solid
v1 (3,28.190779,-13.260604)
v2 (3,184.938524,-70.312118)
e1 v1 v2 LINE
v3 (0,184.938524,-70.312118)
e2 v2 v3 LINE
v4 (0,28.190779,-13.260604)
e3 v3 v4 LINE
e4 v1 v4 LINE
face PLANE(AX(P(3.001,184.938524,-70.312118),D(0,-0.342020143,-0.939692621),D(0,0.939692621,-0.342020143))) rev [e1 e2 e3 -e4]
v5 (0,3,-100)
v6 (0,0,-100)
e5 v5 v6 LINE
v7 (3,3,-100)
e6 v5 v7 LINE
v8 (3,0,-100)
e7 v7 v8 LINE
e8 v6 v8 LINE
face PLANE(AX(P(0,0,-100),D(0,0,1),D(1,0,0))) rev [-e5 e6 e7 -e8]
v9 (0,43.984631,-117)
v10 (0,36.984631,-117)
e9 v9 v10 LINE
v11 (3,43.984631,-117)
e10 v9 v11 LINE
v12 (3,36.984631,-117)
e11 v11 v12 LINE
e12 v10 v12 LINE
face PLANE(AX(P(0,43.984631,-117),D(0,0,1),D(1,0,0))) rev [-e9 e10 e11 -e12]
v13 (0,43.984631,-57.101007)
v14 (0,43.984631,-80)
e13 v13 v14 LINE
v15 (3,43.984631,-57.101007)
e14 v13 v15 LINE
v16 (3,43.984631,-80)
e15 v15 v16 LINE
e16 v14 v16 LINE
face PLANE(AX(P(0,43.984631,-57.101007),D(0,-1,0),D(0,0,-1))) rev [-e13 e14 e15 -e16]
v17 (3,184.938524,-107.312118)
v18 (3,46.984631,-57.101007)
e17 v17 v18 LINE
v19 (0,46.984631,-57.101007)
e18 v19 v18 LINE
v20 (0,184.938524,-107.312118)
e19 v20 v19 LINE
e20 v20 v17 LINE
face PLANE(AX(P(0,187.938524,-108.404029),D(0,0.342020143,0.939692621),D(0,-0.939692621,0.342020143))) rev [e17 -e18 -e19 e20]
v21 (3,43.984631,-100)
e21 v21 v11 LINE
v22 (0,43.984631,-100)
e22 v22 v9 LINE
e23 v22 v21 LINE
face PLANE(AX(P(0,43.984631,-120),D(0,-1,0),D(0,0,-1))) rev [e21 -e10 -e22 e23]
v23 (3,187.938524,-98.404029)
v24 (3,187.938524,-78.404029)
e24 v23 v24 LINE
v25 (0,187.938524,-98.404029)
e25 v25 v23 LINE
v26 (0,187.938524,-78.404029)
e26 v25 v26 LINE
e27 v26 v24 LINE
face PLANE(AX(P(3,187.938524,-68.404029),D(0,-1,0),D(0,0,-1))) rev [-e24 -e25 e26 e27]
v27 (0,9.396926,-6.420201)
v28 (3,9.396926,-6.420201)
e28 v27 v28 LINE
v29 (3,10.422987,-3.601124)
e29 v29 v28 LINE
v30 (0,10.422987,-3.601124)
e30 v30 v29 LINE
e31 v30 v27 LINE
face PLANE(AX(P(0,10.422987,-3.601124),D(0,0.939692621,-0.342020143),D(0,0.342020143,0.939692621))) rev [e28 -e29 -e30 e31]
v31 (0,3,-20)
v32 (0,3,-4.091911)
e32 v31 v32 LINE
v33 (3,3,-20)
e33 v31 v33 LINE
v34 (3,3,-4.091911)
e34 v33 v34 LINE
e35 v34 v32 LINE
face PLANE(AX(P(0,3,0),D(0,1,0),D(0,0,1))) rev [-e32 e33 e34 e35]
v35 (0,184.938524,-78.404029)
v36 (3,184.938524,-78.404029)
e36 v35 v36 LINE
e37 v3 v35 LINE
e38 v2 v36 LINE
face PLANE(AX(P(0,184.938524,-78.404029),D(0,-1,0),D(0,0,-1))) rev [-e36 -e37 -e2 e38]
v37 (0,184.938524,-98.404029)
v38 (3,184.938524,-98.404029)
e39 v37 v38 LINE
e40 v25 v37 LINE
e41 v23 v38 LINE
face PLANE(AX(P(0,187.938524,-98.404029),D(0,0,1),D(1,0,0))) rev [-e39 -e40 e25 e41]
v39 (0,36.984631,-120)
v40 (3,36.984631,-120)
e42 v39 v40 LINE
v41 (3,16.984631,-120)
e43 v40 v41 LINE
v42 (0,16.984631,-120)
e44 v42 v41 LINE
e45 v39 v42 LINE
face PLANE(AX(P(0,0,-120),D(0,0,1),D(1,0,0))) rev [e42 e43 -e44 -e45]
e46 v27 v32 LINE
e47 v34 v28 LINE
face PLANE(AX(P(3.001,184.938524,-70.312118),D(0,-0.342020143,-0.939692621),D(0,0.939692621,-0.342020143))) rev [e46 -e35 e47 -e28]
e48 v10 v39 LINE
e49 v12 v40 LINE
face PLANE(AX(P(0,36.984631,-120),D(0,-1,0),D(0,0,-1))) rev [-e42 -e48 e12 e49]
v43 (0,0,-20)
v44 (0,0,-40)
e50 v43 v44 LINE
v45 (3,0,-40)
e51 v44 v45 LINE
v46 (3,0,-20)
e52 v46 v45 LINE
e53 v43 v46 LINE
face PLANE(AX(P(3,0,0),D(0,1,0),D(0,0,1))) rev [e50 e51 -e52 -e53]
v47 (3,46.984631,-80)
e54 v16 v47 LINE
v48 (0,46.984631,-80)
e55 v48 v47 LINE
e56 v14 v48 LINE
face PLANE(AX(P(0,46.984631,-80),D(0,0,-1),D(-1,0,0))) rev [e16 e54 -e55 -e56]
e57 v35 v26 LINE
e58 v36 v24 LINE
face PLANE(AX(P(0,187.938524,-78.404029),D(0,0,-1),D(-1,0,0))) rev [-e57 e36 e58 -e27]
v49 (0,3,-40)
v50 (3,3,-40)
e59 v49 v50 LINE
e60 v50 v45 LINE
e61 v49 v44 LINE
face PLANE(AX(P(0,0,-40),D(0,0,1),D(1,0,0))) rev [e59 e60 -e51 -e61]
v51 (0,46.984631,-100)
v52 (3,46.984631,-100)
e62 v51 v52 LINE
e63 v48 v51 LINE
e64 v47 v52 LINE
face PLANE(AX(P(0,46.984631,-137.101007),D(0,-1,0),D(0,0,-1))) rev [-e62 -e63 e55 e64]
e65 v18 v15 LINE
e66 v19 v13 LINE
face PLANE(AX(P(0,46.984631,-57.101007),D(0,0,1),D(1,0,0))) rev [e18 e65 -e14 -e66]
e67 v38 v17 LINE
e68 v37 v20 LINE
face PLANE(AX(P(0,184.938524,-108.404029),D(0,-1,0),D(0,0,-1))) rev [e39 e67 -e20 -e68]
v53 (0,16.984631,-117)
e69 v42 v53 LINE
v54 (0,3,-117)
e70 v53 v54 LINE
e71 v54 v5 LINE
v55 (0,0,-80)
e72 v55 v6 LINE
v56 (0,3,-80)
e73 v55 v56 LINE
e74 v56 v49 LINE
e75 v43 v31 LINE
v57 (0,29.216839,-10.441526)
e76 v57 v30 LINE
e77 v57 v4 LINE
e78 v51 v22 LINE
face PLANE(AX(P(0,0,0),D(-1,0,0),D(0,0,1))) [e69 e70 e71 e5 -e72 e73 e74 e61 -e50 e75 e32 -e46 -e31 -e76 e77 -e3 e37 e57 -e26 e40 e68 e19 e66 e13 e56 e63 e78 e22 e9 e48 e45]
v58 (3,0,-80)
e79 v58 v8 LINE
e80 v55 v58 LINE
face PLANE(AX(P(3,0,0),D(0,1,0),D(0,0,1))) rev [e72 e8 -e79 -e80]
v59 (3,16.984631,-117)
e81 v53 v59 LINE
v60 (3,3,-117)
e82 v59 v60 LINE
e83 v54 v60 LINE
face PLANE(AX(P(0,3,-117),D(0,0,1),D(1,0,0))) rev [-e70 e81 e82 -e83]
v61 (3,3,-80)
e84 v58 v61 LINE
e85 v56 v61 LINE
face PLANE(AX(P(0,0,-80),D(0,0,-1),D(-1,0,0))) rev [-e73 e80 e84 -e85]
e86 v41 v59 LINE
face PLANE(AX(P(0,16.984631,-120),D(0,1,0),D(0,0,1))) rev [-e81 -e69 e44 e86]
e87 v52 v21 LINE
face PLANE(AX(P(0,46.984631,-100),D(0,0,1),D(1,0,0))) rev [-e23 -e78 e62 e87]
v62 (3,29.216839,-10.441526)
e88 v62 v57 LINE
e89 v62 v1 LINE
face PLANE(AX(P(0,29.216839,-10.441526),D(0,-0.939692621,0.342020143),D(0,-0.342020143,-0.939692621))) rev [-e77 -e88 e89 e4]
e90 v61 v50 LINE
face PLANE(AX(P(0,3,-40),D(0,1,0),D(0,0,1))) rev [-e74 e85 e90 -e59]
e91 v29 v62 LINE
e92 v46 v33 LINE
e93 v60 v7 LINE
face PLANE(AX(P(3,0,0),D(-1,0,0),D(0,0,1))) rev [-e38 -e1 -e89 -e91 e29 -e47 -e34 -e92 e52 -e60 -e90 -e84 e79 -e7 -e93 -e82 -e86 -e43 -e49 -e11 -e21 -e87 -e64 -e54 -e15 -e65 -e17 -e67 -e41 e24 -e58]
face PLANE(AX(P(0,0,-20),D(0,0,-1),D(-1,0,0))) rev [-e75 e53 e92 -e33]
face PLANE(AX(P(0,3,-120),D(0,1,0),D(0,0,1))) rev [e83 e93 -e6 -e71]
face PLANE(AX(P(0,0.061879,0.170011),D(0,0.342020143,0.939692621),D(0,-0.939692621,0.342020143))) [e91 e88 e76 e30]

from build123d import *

# Parameters (mm, degrees)
BOSS_EXTRUDE1_DEPTH = 3
CUT_EXTRUDE1_DEPTH  = 267.131484195
SKETCH3_W           = 29.976768642
SKETCH3_H           = 52.268511193
CUT_EXTRUDE2_DEPTH  = 233.651187464
SKETCH5_W           = 11.091910703
SKETCH5_H           = 3
SKETCH5_W_2         = 10
CUT_EXTRUDE4_DEPTH  = 224.001992956
SKETCH6_W           = 20
SKETCH6_H           = 3
CUT_EXTRUDE5_DEPTH  = 224.001992956
SKETCH7_W           = 40
SKETCH7_H           = 3
CUT_EXTRUDE6_DEPTH  = 224.001992956
SKETCH8_W           = 20
SKETCH8_H           = 3
SKETCH8_W_2         = 22.898992834
CUT_EXTRUDE7_DEPTH  = 224.001992956
SKETCH10_W          = 3
SKETCH10_H          = 7
SKETCH10_H_2        = 13.984631039
CUT_EXTRUDE9_DEPTH  = 224.001992956
CUT_EXTRUDE10_REACH = 225.002
SKETCH12_W          = 3
SKETCH12_H          = 20
BOSS_EXTRUDE2_DEPTH = 3


with BuildPart() as part:
    # Sketch1 → Boss-Extrude1 (new body)
    with BuildSketch(Plane(origin=(0, 0, 0), x_dir=(0, 0, -1), z_dir=(1, 0, 0))):
        Polygon((0, 0), (120, 0), (188.404028665, 187.938524157), (68.404028665, 187.938524157), align=None)
    extrude(amount=BOSS_EXTRUDE1_DEPTH)

    # Sketch2 → Cut-Extrude1 (cut, through all)
    with BuildSketch(Plane(origin=(3, 0, 0), x_dir=(0, 0, -1), z_dir=(1, 0, 0))):
        Polygon((188.404028665, 187.938524157), (137.101007166, 46.984631039), (57.101007166, 46.984631039), (108.404028665, 187.938524157), align=None)
    extrude(amount=-CUT_EXTRUDE1_DEPTH, mode=Mode.SUBTRACT)

    # Sketch3 → Cut-Extrude2 (cut, through all)
    with BuildSketch(Plane(origin=(3, 0, 0), x_dir=(0, 0, -1), z_dir=(1, 0, 0))):
        with Locations((134.988384321, 26.134255597)):
            Rectangle(SKETCH3_W, SKETCH3_H)
    extrude(amount=-CUT_EXTRUDE2_DEPTH, mode=Mode.SUBTRACT)

    # Sketch5 → Cut-Extrude4 (cut, through all)
    with BuildSketch(Plane(origin=(3, 0, 0), x_dir=(0, 0, -1), z_dir=(1, 0, 0))):
        with Locations((72.858073314, 186.438524157)):
            Rectangle(SKETCH5_W, SKETCH5_H)
        with Locations((103.404028665, 186.438524157)):
            Rectangle(SKETCH5_W_2, SKETCH5_H)
    extrude(amount=-CUT_EXTRUDE4_DEPTH, mode=Mode.SUBTRACT)

    # Sketch6 → Cut-Extrude5 (cut, through all)
    with BuildSketch(Plane(origin=(3, 0, 0), x_dir=(0, 0, -1), z_dir=(1, 0, 0))):
        with Locations((110, 1.5)):
            Rectangle(SKETCH6_W, SKETCH6_H)
        with Locations((10, 1.5)):
            Rectangle(SKETCH6_W, SKETCH6_H)
    extrude(amount=-CUT_EXTRUDE5_DEPTH, mode=Mode.SUBTRACT)

    # Sketch7 → Cut-Extrude6 (cut, through all)
    with BuildSketch(Plane(origin=(3, 0, 0), x_dir=(0, 0, -1), z_dir=(1, 0, 0))):
        with Locations((60, 1.5)):
            Rectangle(SKETCH7_W, SKETCH7_H)
    extrude(amount=-CUT_EXTRUDE6_DEPTH, mode=Mode.SUBTRACT)

    # Sketch8 → Cut-Extrude7 (cut, through all)
    with BuildSketch(Plane(origin=(3, 0, 0), x_dir=(0, 0, -1), z_dir=(1, 0, 0))):
        with Locations((110, 45.484631039)):
            Rectangle(SKETCH8_W, SKETCH8_H)
        with Locations((68.550503583, 45.484631039)):
            Rectangle(SKETCH8_W_2, SKETCH8_H)
    extrude(amount=-CUT_EXTRUDE7_DEPTH, mode=Mode.SUBTRACT)

    # Sketch10 → Cut-Extrude9 (cut, through all)
    with BuildSketch(Plane(origin=(3, 0, 0), x_dir=(0, 0, -1), z_dir=(1, 0, 0))):
        with Locations((118.5, 40.484631039)):
            Rectangle(SKETCH10_W, SKETCH10_H)
        with Locations((118.5, 9.992315519)):
            Rectangle(SKETCH10_W, SKETCH10_H_2)
    extrude(amount=-CUT_EXTRUDE9_DEPTH, mode=Mode.SUBTRACT)

    # Sketch11 → Cut-Extrude10 (cut, up to next)
    with BuildSketch(Plane.ZY, mode=Mode.PRIVATE) as cut_extrude10_sk1:
        Polygon((-67.312117962, 184.938524157), (-1.091910703, 3), (-4.091910703, 3), (-70.312117962, 184.938524157), align=None)
    cut_extrude10_tool1 = extrude(cut_extrude10_sk1.sketch, amount=-CUT_EXTRUDE10_REACH, mode=Mode.PRIVATE) & part.part
    add(cut_extrude10_tool1.solids().sort_by_distance((0, 93.969262, -35.702014))[0], mode=Mode.SUBTRACT)

    # Sketch12 → Boss-Extrude2 (add)
    with BuildSketch(Plane(origin=(0, -0.964181415, -2.649066665), x_dir=(1, 0, 0), z_dir=(0, 0.34202014332566577, 0.9396926207859095))):
        with Locations((1.5, 21.02606043)):
            Rectangle(SKETCH12_W, SKETCH12_H)
    extrude(amount=BOSS_EXTRUDE2_DEPTH)


solid = part.part
